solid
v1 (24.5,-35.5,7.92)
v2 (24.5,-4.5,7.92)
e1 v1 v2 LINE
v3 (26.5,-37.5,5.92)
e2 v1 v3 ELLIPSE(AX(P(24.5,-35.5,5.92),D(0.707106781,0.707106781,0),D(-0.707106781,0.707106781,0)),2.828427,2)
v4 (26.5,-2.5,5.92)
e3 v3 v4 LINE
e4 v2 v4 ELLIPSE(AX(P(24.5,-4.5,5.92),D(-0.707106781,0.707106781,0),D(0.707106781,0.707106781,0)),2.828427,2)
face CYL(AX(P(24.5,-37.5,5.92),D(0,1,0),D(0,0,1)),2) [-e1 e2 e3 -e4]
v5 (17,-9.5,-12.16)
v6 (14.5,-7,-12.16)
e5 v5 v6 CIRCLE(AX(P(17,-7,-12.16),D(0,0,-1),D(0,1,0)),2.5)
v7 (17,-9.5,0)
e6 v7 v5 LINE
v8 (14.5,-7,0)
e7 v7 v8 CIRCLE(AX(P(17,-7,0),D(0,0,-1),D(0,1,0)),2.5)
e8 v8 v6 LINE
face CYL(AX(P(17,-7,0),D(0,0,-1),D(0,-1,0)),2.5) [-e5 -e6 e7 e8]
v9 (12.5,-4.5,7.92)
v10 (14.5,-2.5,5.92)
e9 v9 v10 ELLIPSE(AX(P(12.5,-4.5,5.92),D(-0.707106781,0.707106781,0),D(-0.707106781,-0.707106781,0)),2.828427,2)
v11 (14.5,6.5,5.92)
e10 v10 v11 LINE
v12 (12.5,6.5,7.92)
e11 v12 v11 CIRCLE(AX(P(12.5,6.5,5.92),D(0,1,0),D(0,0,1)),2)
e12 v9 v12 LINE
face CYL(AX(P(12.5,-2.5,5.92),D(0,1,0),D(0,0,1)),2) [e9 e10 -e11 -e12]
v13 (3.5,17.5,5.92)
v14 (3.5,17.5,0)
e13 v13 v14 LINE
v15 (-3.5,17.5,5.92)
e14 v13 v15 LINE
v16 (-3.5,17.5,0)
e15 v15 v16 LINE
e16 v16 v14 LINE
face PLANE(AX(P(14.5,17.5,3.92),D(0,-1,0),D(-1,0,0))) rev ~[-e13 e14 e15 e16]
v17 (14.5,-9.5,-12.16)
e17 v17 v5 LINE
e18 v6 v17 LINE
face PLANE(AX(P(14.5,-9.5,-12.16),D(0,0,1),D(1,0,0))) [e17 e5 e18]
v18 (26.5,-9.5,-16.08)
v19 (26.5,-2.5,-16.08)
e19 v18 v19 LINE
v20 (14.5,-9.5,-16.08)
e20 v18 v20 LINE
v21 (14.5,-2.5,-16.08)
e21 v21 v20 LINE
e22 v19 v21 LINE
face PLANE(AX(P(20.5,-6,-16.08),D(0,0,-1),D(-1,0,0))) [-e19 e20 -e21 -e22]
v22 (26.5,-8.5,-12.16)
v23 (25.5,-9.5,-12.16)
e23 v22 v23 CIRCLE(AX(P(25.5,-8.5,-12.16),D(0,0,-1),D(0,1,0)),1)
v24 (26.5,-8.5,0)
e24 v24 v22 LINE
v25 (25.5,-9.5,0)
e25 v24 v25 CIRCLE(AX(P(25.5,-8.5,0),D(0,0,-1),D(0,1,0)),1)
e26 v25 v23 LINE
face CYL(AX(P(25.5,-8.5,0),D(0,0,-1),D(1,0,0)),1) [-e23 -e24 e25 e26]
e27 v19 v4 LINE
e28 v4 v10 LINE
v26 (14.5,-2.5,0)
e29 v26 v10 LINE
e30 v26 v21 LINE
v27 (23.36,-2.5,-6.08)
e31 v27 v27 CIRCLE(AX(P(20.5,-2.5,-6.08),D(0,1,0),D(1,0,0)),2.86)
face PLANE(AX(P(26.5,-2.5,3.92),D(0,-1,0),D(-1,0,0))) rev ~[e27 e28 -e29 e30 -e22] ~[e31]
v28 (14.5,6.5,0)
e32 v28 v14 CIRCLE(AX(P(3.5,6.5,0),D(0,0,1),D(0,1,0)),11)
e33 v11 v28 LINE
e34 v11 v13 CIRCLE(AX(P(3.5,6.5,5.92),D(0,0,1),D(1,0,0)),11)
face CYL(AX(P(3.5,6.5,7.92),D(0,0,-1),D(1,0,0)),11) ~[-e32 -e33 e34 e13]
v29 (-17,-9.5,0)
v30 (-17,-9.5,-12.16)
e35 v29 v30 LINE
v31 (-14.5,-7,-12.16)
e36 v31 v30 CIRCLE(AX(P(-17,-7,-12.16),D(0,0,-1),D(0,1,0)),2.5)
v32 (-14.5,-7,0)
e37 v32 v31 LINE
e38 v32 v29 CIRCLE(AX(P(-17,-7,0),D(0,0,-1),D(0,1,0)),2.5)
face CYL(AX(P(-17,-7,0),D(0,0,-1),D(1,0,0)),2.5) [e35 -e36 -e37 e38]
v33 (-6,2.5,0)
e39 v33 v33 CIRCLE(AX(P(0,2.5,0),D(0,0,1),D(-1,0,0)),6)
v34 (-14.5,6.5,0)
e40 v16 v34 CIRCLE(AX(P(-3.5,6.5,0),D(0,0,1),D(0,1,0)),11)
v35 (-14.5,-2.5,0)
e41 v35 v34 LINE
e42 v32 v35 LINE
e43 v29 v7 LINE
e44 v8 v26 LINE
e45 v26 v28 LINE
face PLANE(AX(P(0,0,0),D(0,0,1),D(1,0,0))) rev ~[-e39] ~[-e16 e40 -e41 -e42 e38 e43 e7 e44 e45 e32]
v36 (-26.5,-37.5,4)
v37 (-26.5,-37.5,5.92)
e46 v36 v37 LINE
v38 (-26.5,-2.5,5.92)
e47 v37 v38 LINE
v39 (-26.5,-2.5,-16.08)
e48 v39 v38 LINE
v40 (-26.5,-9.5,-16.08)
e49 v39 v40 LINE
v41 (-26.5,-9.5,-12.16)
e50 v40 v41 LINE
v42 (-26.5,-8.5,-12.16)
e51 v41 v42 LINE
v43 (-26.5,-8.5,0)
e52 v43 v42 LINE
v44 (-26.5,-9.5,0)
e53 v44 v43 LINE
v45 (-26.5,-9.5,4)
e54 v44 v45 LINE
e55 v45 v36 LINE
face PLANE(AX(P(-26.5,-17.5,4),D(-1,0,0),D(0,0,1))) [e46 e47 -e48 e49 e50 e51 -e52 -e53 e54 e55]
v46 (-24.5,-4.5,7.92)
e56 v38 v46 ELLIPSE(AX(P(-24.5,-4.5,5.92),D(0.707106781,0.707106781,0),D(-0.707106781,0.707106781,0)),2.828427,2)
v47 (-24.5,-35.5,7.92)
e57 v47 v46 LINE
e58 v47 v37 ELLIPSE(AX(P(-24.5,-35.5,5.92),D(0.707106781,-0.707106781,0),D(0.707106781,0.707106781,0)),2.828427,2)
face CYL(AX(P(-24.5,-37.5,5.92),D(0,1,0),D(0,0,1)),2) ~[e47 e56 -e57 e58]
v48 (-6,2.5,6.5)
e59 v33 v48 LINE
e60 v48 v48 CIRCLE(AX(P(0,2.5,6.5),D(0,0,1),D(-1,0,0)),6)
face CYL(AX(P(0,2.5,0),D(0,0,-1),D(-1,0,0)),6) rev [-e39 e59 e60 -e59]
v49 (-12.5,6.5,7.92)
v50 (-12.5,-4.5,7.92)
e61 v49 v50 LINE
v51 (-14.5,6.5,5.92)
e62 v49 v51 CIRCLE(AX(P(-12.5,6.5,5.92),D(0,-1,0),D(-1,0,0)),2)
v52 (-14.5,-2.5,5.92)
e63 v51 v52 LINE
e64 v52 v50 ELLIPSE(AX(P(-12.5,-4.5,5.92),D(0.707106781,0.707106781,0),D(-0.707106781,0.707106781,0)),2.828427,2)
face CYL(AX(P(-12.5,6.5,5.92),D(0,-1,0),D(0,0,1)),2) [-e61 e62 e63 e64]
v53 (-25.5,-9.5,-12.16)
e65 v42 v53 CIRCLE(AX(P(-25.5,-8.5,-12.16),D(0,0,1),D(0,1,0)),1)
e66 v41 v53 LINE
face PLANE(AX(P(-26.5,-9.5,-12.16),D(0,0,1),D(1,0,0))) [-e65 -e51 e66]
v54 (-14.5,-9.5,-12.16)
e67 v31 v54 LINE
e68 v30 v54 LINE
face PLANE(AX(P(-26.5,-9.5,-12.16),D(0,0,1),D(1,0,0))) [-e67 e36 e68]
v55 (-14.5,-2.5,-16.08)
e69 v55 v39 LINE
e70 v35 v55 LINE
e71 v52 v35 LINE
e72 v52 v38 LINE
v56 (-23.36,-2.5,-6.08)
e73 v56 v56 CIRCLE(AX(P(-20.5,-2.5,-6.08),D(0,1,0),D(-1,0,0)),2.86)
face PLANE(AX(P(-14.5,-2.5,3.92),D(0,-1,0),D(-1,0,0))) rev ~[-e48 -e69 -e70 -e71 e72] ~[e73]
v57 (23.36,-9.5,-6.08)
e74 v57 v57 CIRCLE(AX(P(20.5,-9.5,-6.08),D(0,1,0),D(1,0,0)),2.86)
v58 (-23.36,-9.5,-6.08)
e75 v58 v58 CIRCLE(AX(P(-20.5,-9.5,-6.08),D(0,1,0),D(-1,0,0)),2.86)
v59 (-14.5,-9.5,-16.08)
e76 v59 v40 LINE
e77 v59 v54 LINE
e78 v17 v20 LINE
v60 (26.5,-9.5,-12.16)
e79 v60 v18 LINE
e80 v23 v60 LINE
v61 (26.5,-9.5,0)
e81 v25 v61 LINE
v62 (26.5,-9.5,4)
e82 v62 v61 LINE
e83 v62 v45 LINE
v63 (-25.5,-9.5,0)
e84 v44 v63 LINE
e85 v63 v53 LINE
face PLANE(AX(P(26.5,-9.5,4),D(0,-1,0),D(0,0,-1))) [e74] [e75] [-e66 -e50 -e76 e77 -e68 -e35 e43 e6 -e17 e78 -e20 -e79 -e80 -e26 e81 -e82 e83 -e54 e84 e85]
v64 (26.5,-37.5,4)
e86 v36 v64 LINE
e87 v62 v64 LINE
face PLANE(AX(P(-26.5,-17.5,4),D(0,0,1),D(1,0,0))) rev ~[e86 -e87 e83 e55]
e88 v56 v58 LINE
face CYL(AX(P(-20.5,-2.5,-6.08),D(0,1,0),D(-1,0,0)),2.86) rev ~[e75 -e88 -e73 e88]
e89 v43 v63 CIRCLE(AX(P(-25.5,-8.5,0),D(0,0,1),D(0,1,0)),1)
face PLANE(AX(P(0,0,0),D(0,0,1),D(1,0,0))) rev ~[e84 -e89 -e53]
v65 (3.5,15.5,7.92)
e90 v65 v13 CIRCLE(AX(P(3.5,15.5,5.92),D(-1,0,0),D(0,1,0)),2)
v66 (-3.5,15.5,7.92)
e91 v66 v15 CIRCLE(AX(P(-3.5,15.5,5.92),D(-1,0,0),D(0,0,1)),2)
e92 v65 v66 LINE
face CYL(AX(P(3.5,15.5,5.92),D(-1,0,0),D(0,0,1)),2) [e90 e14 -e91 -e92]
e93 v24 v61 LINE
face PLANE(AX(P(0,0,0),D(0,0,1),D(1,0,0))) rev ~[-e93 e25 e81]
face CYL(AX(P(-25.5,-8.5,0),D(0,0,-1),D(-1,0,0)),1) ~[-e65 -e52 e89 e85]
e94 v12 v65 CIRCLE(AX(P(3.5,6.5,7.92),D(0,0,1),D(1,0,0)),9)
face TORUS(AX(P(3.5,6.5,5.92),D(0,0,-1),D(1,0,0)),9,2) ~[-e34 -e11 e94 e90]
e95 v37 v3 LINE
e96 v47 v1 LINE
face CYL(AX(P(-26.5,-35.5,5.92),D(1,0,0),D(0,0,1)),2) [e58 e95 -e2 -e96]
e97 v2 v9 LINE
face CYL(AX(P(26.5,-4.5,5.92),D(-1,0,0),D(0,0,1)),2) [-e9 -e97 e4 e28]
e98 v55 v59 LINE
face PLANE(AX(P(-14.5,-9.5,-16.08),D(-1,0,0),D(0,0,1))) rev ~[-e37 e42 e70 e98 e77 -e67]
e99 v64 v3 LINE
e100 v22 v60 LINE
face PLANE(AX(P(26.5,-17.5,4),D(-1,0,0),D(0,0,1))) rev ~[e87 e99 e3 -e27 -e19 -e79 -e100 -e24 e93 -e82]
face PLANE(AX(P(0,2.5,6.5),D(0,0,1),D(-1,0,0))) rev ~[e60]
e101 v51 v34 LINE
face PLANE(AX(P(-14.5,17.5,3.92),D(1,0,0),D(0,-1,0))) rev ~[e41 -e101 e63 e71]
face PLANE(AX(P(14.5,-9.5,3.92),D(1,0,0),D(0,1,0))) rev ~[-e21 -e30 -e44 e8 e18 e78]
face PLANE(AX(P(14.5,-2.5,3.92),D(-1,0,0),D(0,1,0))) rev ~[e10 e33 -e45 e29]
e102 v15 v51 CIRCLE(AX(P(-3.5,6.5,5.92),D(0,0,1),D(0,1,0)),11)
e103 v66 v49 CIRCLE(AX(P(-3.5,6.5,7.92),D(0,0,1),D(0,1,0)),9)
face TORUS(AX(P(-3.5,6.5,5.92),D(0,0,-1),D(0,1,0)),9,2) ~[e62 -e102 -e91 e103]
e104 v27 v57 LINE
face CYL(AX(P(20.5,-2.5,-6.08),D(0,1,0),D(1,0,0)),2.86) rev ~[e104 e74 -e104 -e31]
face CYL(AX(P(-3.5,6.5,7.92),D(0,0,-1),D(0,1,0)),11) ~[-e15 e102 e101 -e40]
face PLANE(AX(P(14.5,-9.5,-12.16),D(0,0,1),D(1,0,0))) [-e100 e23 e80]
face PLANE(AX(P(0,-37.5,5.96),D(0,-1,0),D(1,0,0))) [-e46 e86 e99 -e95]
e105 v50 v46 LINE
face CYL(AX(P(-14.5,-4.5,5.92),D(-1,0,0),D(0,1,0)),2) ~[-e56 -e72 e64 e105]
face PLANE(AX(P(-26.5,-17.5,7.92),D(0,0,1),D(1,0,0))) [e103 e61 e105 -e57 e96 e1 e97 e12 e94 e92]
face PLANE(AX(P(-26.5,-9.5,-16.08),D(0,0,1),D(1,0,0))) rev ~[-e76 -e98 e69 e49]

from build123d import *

# Parameters (mm, degrees)
SKETCH_1_W           = 53
SKETCH_1_H           = 35
EXTRUDE_1_DEPTH      = 3.92
SKETCH_2_W           = 12
SKETCH_2_H           = 27
CUT_EXTRUDE_1_DEPTH  = 4
EXTRUDE_2_DEPTH      = 16.08
EXTRUDE_2_DEPTH_BACK = 3.92
SKETCH_3_W           = 12
SKETCH_3_H           = 7
SKETCH_4_W           = 12
SKETCH_4_H           = 3.92
EXTRUDE_3_DEPTH      = 8
SKETCH_5_R           = 2.86
CUT_EXTRUDE_2_DEPTH  = 37.889245045
EXTRUDE_4_DEPTH      = 4
SKETCH_8_W           = 53
SKETCH_8_H           = 3.92
EXTRUDE_5_DEPTH      = 20
FILLET_1_R           = 2.5
FILLET_2_R           = 11
FILLET_3_R           = 1
FILLET_4_R           = 2
SKETCH_9_W           = 20.08
SKETCH_9_H           = 8
CUT_EXTRUDE_5_DEPTH  = 67.886593574
SKETCH_6_R           = 6
CUT_EXTRUDE_3_DEPTH  = 6.5


with BuildPart() as part:
    # 스케치1 → 보스-돌출1 (new body)
    with BuildSketch(Plane.XY):
        Rectangle(SKETCH_1_W, SKETCH_1_H)
    extrude(amount=EXTRUDE_1_DEPTH)

    # 스케치2 → 컷-돌출1 (cut)
    with BuildSketch(Plane.XY.offset(3.92)):
        with Locations((-20.5, 4)):
            Rectangle(SKETCH_2_W, SKETCH_2_H)
        with Locations((20.5, 4)):
            Rectangle(SKETCH_2_W, SKETCH_2_H)
    extrude(amount=-CUT_EXTRUDE_1_DEPTH, mode=Mode.SUBTRACT)

    # 스케치3 → 보스-돌출2 (add, two sides: drawn at the far end of the back side and taken through both)
    with BuildSketch(Plane(origin=(0, 0, 0), x_dir=(-1, 0, 0), z_dir=(0, 0, -1)).offset(-EXTRUDE_2_DEPTH_BACK)):
        with Locations((-20.5, -6)):
            Rectangle(SKETCH_3_W, SKETCH_3_H)
        with Locations((20.5, -6)):
            Rectangle(SKETCH_3_W, SKETCH_3_H)
    extrude(amount=EXTRUDE_2_DEPTH + EXTRUDE_2_DEPTH_BACK)

    # 스케치4 → 보스-돌출3 (add)
    with BuildSketch(Plane.XZ.offset(9.5)):
        with Locations((-20.5, -14.12)):
            Rectangle(SKETCH_4_W, SKETCH_4_H)
        with Locations((20.5, -14.12)):
            Rectangle(SKETCH_4_W, SKETCH_4_H)
    extrude(amount=EXTRUDE_3_DEPTH)

    # 스케치5 → 컷-돌출2 (cut, through all)
    with BuildSketch(Plane(origin=(0, -2.5, 0), x_dir=(1, 0, 0), z_dir=(0, 1, 0))):
        with Locations(Location((-20.5, 6.08, 0), (0, 0, 180))):
            Circle(SKETCH_5_R)
        with Locations((20.5, 6.08)):
            Circle(SKETCH_5_R)
    extrude(amount=-CUT_EXTRUDE_2_DEPTH, mode=Mode.SUBTRACT)

    # 스케치7 → 보스-돌출4 (add)
    with BuildSketch(Plane.XY.offset(3.92)):
        Polygon((-14.5, -2.5), (-26.5, -2.5), (-26.5, -17.5), (26.5, -17.5), (26.5, -2.5), (14.5, -2.5), (14.5, 17.5), (-14.5, 17.5), align=None)
    extrude(amount=EXTRUDE_4_DEPTH)

    # 스케치8 → 보스-돌출5 (add)
    with BuildSketch(Plane.XZ.offset(17.5)):
        with Locations((0, 5.96)):
            Rectangle(SKETCH_8_W, SKETCH_8_H)
    extrude(amount=EXTRUDE_5_DEPTH)

    # 필렛1
    fillet_1_edges = [part.edges().sort_by_distance(p)[0] for p in [
        (14.5, -9.5, -6.08),
        (-14.5, -9.5, -6.08),
    ]]
    fillet(fillet_1_edges, radius=FILLET_1_R)

    # 필렛2
    fillet_2_edges = [part.edges().sort_by_distance(p)[0] for p in [
        (-14.5, 17.5, 3.96),
        (14.5, 17.5, 3.96),
    ]]
    fillet(fillet_2_edges, radius=FILLET_2_R)

    # 필렛3
    fillet_3_edges = [part.edges().sort_by_distance(p)[0] for p in [
        (26.5, -9.5, -6.08),
        (-26.5, -9.5, -6.08),
    ]]
    fillet(fillet_3_edges, radius=FILLET_3_R)

    # 필렛4
    fillet_4_edges = [part.edges().sort_by_distance(p)[0] for p in [
        (-20.5, -2.5, 7.92),
        (-26.5, -20, 7.92),
        (26.5, -20, 7.92),
        (20.5, -2.5, 7.92),
        (14.5, 2, 7.92),
        (0, -37.5, 7.92),
        (-14.5, 2, 7.92),
        (0, 17.5, 7.92),
        (-11.278174593, 14.278174593, 7.92),
        (11.278174593, 14.278174593, 7.92),
    ]]
    fillet(fillet_4_edges, radius=FILLET_4_R)

    # 스케치9 → 컷-돌출5 (cut, through all)
    with BuildSketch(Plane(origin=(26.5, 0, 0), x_dir=(0, 0, -1), z_dir=(1, 0, 0))):
        with Locations((6.04, -13.5)):
            Rectangle(SKETCH_9_W, SKETCH_9_H)
    extrude(amount=-CUT_EXTRUDE_5_DEPTH, mode=Mode.SUBTRACT)

    # 스케치6 → 컷-돌출3 (cut)
    with BuildSketch(Plane.XY):
        with Locations(Location((0, 2.5, 0), (0, 0, 180))):
            Circle(SKETCH_6_R)
    extrude(amount=CUT_EXTRUDE_3_DEPTH, mode=Mode.SUBTRACT)


solid = part.part
